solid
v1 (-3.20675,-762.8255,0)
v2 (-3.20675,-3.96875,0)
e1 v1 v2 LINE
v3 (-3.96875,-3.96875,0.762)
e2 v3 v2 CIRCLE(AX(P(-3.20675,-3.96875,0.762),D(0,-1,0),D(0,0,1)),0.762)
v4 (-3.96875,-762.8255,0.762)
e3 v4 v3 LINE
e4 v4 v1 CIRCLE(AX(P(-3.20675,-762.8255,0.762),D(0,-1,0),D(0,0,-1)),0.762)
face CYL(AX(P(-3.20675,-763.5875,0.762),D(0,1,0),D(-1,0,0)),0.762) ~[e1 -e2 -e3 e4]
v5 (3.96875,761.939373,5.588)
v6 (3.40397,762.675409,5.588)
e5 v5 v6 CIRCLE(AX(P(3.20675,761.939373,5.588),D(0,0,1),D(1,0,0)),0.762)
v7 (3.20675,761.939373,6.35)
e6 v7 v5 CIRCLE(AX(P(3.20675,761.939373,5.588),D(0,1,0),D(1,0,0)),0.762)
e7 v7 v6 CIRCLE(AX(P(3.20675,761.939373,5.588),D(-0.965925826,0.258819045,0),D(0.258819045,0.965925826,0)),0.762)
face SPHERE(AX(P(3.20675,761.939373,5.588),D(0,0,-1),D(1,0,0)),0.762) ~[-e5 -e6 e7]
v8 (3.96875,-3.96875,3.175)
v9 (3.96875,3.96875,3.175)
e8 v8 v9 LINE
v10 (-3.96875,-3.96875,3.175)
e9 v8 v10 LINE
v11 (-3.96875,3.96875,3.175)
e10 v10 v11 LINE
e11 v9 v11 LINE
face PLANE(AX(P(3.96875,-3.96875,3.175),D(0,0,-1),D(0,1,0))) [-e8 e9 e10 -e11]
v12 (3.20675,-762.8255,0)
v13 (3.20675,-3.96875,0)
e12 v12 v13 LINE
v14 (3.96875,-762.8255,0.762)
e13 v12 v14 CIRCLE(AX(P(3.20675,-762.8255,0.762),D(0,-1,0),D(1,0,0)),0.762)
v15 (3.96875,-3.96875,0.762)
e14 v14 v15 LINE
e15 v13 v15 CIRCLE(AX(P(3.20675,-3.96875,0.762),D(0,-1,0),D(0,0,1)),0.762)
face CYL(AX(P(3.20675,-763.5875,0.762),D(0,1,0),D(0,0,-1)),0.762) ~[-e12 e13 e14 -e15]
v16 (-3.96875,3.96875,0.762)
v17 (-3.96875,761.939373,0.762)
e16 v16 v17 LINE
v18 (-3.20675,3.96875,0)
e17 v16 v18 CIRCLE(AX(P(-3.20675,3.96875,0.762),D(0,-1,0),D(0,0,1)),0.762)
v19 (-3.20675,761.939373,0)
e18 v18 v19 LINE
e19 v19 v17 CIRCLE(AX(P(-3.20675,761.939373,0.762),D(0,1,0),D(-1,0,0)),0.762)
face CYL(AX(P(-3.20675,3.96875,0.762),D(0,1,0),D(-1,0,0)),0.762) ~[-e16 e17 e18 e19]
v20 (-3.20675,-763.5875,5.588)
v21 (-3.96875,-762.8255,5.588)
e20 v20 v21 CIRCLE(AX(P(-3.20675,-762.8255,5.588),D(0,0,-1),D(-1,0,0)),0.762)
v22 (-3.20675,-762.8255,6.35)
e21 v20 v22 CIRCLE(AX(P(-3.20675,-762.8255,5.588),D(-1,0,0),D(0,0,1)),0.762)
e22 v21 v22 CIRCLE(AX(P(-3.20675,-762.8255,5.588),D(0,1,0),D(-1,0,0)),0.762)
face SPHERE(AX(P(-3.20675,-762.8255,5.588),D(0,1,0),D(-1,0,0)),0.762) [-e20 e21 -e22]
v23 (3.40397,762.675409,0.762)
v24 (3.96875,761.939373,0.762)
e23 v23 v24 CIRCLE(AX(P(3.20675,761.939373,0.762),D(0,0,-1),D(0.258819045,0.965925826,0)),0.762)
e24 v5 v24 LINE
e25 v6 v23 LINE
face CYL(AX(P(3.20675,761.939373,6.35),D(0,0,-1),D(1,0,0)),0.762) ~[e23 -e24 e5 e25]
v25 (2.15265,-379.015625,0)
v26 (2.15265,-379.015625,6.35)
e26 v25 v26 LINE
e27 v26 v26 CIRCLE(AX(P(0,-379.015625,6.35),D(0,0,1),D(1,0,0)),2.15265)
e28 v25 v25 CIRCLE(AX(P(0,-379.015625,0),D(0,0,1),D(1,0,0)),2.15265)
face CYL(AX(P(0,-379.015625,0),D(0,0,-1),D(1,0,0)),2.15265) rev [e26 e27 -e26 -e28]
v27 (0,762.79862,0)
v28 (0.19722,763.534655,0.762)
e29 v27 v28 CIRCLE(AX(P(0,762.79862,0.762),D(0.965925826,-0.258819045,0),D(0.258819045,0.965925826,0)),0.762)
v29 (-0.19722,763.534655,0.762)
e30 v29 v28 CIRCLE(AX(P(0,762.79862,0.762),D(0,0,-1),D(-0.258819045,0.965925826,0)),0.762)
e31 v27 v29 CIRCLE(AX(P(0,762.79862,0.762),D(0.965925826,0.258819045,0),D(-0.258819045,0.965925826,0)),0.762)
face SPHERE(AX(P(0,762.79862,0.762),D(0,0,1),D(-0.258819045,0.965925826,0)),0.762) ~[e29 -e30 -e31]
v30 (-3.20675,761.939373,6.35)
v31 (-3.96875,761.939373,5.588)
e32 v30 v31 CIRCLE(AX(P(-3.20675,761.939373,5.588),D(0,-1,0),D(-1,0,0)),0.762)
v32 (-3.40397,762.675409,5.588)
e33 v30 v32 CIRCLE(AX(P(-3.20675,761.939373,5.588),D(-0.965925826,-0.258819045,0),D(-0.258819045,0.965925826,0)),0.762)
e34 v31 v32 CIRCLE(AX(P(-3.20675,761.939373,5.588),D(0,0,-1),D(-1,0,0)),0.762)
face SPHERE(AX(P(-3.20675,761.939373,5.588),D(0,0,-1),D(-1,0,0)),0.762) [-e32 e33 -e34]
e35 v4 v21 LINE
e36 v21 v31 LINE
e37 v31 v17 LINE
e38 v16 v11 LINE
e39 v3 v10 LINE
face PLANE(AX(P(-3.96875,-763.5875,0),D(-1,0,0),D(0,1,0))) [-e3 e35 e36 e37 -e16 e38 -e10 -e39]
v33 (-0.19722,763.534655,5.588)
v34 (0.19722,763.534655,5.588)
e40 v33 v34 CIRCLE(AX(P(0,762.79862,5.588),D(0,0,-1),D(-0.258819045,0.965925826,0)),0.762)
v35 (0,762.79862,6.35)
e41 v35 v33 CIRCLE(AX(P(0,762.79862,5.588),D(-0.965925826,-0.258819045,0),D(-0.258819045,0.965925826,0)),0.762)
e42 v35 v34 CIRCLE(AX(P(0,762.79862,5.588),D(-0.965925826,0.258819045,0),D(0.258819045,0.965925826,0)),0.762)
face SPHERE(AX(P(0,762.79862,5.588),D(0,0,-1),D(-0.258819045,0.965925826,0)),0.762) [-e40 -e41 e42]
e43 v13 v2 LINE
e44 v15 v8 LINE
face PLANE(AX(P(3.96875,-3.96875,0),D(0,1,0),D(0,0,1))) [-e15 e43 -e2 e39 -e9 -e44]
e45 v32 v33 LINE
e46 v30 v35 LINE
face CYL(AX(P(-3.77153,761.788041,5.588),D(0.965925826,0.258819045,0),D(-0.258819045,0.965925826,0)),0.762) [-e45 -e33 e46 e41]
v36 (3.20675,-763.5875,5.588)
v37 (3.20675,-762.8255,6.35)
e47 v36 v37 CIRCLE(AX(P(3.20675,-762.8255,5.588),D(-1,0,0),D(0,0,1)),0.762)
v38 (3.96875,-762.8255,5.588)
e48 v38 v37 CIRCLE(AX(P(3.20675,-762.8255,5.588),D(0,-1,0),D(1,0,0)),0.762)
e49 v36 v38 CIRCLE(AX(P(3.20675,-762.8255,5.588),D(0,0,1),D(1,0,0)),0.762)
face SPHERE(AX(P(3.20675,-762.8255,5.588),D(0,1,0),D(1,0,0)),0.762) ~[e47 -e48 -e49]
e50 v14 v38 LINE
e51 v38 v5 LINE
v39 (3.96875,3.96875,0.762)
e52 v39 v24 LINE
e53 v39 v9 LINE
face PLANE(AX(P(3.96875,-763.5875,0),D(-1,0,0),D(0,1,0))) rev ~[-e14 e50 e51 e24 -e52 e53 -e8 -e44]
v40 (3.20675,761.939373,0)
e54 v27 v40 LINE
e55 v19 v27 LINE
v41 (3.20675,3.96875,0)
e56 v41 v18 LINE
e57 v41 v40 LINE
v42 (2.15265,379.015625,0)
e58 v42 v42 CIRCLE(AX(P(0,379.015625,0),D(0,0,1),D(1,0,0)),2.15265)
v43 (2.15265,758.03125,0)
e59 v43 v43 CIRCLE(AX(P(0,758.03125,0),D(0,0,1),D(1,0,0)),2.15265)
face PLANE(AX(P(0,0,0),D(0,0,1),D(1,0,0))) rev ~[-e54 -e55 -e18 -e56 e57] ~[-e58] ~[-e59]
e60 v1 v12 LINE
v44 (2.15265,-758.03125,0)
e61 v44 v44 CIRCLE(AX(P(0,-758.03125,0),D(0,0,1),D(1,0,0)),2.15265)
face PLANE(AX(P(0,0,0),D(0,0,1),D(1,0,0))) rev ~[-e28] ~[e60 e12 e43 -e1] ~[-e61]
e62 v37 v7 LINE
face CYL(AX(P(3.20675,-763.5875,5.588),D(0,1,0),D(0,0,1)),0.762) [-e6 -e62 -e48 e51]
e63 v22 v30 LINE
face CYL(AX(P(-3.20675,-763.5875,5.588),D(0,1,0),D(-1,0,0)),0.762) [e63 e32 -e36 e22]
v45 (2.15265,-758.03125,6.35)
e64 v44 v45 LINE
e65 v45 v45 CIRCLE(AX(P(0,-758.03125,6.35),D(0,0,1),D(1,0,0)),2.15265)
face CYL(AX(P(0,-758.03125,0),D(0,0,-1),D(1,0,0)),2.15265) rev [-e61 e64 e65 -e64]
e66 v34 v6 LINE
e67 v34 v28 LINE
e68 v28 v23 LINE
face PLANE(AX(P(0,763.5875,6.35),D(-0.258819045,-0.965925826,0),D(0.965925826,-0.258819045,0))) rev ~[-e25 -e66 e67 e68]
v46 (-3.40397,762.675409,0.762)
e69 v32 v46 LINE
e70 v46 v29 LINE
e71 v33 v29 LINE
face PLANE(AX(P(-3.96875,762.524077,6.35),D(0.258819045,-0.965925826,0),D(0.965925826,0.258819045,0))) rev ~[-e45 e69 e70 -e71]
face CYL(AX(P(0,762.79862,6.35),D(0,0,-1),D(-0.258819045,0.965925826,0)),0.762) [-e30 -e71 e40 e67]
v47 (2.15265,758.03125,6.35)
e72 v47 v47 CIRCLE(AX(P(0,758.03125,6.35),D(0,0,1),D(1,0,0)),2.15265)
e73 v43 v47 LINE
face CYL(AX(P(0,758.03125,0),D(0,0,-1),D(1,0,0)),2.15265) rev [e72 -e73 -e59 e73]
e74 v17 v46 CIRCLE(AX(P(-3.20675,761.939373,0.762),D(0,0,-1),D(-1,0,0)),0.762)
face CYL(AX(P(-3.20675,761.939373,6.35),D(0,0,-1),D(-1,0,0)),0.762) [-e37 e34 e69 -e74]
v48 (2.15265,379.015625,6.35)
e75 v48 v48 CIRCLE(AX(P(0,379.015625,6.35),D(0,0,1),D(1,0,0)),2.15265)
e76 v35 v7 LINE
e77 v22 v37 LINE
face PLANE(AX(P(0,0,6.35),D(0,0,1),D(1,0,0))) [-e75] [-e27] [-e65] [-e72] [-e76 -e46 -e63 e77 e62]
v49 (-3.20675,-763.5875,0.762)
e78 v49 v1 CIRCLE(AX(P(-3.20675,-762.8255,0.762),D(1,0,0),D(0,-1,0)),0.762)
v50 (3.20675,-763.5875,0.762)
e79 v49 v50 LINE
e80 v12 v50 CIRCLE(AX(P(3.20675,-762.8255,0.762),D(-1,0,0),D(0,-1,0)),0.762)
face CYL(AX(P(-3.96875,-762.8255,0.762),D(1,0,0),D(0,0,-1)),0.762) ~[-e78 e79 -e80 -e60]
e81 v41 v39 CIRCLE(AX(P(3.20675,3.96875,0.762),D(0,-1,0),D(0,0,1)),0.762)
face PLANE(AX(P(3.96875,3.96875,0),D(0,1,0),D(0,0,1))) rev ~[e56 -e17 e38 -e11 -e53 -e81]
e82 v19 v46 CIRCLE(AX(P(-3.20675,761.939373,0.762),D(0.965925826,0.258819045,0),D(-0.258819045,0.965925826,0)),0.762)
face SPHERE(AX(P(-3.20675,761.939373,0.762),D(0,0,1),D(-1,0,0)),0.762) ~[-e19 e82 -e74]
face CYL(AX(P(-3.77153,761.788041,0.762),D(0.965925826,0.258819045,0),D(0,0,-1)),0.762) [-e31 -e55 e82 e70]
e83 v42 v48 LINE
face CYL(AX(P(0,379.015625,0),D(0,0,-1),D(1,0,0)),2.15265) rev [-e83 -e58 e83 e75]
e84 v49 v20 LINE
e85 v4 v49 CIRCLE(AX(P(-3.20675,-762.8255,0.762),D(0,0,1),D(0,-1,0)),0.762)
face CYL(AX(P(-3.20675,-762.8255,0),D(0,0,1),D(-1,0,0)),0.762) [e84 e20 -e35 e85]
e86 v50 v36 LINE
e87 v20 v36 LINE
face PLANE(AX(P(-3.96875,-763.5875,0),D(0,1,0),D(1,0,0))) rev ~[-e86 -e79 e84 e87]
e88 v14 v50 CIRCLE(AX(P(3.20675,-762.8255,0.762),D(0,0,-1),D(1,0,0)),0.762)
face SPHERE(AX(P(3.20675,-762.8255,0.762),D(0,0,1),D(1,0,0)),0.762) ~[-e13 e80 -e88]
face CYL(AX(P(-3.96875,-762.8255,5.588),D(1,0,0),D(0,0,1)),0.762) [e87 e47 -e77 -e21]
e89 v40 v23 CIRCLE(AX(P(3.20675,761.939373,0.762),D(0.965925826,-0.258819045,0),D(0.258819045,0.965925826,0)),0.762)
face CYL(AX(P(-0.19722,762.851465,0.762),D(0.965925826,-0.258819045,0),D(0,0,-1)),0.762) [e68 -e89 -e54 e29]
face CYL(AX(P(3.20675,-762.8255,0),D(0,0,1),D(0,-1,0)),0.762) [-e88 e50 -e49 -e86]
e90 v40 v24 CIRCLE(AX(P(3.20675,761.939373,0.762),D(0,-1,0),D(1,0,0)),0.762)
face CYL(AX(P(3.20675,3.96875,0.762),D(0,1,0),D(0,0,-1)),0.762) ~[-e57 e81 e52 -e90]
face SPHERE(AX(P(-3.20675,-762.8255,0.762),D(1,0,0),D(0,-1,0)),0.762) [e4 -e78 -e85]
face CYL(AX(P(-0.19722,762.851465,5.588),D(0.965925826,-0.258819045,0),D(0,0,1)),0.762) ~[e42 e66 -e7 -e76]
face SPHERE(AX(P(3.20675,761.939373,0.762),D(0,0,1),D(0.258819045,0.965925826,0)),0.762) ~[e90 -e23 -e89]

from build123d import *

# Parameters (mm, degrees)
F0_W     = 7.9375
F0_H     = 1527.175
F0_R     = 2.15265
F1_DEPTH = 6.35
F2_W     = 7.9375
F2_H     = 3.175
F3_DEPTH = 7.9375
F5_DEPTH = 6.35
F6_R     = 0.762


with BuildPart() as f1:
    # F0 (on Top) → F1 (new body)
    with BuildSketch(Plane.XY):
        Rectangle(F0_W, F0_H)
        with Locations((0, -758.03125)):
            Circle(F0_R, mode=Mode.SUBTRACT)
        with Locations((0, -379.015625)):
            Circle(F0_R, mode=Mode.SUBTRACT)
        with Locations((0, 379.015625)):
            Circle(F0_R, mode=Mode.SUBTRACT)
        with Locations((0, 758.03125)):
            Circle(F0_R, mode=Mode.SUBTRACT)
    extrude(amount=F1_DEPTH)

    # F2 (on face) → F3 (cut, through all)
    with BuildSketch(Plane.YZ.offset(3.96875)):
        with Locations((0, 1.5875)):
            Rectangle(F2_W, F2_H)
    extrude(amount=-F3_DEPTH, mode=Mode.SUBTRACT)

    # F4 (on face) → F5 (cut, through all)
    with BuildSketch(Plane.XY.offset(6.35)):
        Polygon((-3.96875, 762.5240766425), (0, 763.5875), (3.96875, 762.5240766425), (3.96875, 770.4615766425), (-3.96875, 770.4615766425), align=None)
    extrude(amount=-F5_DEPTH, mode=Mode.SUBTRACT)

    # F6
    f6_edges = [f1.edges().sort_by_distance(p)[0] for p in [
        (-1.984375, 763.055788, 6.35),
        (1.984375, 763.055788, 6.35),
        (0, 763.5875, 3.175),
        (3.96875, 762.524077, 3.175),
        (-3.96875, 762.524077, 3.175),
        (-3.96875, -0.531712, 6.35),
        (3.96875, -0.531712, 6.35),
        (-3.96875, 383.246413, 0),
        (-1.984375, 763.055788, 0),
        (1.984375, 763.055788, 0),
        (3.96875, 383.246413, 0),
        (3.96875, -763.5875, 3.175),
        (3.96875, -383.778125, 0),
        (0, -763.5875, 0),
        (-3.96875, -763.5875, 3.175),
        (0, -763.5875, 6.35),
        (-3.96875, -383.778125, 0),
    ]]
    fillet(f6_edges, radius=F6_R)


solid = f1.part
